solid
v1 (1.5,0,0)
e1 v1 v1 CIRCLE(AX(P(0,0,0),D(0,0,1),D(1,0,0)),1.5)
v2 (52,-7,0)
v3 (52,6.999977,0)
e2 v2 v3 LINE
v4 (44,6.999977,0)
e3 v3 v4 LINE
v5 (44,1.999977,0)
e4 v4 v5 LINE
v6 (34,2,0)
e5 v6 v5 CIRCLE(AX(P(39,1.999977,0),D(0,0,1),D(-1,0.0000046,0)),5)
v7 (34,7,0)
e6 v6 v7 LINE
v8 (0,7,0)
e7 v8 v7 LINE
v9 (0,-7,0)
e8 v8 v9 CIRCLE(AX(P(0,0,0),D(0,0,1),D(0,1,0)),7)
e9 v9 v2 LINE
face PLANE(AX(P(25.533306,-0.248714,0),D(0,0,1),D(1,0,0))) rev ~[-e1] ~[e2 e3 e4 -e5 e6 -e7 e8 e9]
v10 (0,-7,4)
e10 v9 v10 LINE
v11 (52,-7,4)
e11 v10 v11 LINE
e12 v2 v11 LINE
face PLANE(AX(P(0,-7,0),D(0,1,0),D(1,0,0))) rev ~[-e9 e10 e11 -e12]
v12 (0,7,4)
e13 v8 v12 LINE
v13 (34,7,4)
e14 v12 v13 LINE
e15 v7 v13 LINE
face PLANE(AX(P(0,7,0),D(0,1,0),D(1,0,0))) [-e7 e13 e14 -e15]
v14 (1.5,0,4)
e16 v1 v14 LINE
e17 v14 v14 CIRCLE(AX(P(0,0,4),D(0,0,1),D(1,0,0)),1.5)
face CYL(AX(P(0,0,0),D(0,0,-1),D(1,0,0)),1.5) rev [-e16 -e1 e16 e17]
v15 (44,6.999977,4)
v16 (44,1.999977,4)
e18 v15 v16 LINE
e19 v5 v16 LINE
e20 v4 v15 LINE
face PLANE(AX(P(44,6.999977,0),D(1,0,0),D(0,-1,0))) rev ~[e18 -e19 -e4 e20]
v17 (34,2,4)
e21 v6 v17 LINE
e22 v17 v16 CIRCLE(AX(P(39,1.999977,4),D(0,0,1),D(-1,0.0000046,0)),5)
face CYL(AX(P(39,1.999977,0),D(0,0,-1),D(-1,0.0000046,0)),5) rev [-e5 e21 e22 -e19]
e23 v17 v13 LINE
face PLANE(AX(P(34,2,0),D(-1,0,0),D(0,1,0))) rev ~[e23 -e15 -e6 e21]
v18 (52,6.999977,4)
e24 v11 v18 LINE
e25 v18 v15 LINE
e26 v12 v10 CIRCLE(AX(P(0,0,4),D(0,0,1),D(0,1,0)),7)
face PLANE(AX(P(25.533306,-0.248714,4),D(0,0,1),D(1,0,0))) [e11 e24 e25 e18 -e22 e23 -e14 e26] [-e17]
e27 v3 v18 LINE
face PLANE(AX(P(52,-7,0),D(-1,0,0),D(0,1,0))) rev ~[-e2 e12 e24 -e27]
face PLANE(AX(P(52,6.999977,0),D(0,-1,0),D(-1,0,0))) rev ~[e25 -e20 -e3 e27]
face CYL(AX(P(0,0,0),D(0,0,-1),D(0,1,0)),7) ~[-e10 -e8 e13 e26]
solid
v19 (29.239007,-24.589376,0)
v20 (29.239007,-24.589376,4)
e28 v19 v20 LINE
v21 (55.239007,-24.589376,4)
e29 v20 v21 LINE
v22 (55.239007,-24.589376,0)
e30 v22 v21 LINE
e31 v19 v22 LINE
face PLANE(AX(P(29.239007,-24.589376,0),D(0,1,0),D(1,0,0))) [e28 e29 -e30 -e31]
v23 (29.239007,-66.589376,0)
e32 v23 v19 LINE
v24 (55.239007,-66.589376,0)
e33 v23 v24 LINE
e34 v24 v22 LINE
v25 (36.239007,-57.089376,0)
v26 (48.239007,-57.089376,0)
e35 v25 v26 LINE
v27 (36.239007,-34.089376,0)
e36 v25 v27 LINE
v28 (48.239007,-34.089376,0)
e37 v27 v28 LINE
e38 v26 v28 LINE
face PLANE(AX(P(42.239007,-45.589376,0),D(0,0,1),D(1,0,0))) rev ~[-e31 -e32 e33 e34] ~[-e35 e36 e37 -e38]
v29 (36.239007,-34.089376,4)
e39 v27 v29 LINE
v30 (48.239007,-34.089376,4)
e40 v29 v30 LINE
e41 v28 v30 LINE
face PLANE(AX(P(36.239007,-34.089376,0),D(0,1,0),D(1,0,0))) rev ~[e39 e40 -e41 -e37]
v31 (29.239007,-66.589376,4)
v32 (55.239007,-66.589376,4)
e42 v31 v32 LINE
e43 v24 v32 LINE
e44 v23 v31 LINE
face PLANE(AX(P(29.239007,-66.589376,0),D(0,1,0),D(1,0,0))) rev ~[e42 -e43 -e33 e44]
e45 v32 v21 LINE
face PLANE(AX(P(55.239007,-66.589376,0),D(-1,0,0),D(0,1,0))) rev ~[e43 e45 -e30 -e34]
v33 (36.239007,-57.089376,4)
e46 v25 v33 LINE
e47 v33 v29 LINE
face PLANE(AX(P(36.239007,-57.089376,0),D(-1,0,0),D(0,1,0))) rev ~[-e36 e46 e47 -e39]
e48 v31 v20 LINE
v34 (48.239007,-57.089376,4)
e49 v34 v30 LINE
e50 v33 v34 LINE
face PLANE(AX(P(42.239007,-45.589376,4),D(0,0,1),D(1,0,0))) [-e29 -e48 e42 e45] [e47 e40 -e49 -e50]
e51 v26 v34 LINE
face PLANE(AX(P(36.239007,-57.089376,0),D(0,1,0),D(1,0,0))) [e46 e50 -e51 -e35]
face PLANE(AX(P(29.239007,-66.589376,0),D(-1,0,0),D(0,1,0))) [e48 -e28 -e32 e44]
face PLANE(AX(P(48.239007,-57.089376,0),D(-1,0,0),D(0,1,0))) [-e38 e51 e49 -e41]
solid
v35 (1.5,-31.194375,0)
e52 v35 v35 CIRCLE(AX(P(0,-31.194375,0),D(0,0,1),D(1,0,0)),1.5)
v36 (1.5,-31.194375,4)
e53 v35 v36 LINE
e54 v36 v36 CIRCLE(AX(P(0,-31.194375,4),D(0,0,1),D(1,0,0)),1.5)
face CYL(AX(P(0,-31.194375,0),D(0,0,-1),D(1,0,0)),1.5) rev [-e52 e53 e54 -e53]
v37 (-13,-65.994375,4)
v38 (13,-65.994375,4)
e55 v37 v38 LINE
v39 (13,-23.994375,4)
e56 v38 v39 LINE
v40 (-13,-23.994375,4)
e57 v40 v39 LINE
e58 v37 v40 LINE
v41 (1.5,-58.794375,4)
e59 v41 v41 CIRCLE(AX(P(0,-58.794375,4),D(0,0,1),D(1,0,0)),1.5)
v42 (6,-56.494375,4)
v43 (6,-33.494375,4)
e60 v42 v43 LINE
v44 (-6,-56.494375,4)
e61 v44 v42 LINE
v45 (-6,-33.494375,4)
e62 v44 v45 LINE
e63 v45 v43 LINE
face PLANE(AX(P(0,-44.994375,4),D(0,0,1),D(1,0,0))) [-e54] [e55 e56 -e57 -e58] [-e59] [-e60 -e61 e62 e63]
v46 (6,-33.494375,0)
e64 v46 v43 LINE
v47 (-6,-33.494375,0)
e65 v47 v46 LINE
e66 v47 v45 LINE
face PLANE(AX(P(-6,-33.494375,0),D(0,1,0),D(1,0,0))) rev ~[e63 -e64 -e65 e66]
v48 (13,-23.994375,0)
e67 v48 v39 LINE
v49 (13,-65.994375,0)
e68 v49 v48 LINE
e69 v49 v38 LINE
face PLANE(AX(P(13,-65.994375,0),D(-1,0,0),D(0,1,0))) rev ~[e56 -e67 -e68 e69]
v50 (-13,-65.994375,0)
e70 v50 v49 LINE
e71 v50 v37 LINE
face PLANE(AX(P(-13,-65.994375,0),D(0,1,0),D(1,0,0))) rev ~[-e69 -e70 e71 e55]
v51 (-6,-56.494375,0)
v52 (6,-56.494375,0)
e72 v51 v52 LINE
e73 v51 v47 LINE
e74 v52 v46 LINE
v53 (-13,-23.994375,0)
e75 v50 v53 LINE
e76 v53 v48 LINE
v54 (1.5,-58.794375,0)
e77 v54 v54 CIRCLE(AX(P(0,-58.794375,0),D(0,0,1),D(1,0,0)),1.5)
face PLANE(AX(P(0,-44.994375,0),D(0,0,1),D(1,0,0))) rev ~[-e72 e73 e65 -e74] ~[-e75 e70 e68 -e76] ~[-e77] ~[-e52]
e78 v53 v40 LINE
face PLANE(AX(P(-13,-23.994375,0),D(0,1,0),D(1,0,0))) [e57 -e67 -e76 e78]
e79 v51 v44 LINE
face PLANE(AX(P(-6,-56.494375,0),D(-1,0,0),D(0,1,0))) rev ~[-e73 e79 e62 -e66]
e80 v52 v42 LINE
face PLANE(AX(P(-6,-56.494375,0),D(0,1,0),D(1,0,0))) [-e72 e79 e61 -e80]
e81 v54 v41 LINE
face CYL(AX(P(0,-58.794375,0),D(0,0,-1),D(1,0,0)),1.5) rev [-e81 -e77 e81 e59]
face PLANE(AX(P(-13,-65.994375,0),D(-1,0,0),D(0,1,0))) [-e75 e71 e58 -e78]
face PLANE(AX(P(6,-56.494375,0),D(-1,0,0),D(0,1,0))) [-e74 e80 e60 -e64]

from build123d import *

# Parameters (mm, degrees)
SKETCH001_W   = 26
SKETCH001_H   = 42
SKETCH001_W_2 = 12
SKETCH001_H_2 = 23
PAD001_DEPTH  = 4
SKETCH003_W   = 26
SKETCH003_H   = 42
SKETCH003_R   = 1.5
SKETCH003_W_2 = 12
SKETCH003_H_2 = 23
PAD003_DEPTH  = 4
SKETCH_R      = 1.5
PAD_DEPTH     = 4


with BuildPart() as joint_down001:
    # Sketch001 → Pad001 (new body)
    with BuildSketch(Plane.XY):
        with Locations((42.239007, -45.589376)):
            Rectangle(SKETCH001_W, SKETCH001_H)
        with Locations((42.239007, -45.589376)):
            Rectangle(SKETCH001_W_2, SKETCH001_H_2, mode=Mode.SUBTRACT)
    extrude(amount=PAD001_DEPTH)


with BuildPart() as joint_up001:
    # Sketch003 → Pad003 (new body)
    with BuildSketch(Plane.XY):
        with Locations((0, -44.994375)):
            Rectangle(SKETCH003_W, SKETCH003_H)
        with Locations((0, -31.194375)):
            Circle(SKETCH003_R, mode=Mode.SUBTRACT)
        with Locations((0, -58.794375)):
            Circle(SKETCH003_R, mode=Mode.SUBTRACT)
        with Locations((0, -44.994375)):
            Rectangle(SKETCH003_W_2, SKETCH003_H_2, mode=Mode.SUBTRACT)
    extrude(amount=PAD003_DEPTH)


with BuildPart() as coxa:
    # Sketch → Pad (new body)
    with BuildSketch(Plane.XY):
        with BuildLine():
            ThreePointArc((0, 7), (-7, 0), (0, -7))
            Line((0, -7), (52, -7))
            Line((52, -7), (52, 6.999977))
            Line((52, 6.999977), (44, 6.999977))
            Line((44, 6.999977), (44, 1.999977))
            ThreePointArc((34, 2), (38.999988, -3.000023), (44, 1.999977))
            Line((34, 2), (34, 7))
            Line((0, 7), (34, 7))
        make_face()
        Circle(SKETCH_R, mode=Mode.SUBTRACT)
    extrude(amount=PAD_DEPTH)


solid = Compound([joint_down001.part, joint_up001.part, coxa.part])
